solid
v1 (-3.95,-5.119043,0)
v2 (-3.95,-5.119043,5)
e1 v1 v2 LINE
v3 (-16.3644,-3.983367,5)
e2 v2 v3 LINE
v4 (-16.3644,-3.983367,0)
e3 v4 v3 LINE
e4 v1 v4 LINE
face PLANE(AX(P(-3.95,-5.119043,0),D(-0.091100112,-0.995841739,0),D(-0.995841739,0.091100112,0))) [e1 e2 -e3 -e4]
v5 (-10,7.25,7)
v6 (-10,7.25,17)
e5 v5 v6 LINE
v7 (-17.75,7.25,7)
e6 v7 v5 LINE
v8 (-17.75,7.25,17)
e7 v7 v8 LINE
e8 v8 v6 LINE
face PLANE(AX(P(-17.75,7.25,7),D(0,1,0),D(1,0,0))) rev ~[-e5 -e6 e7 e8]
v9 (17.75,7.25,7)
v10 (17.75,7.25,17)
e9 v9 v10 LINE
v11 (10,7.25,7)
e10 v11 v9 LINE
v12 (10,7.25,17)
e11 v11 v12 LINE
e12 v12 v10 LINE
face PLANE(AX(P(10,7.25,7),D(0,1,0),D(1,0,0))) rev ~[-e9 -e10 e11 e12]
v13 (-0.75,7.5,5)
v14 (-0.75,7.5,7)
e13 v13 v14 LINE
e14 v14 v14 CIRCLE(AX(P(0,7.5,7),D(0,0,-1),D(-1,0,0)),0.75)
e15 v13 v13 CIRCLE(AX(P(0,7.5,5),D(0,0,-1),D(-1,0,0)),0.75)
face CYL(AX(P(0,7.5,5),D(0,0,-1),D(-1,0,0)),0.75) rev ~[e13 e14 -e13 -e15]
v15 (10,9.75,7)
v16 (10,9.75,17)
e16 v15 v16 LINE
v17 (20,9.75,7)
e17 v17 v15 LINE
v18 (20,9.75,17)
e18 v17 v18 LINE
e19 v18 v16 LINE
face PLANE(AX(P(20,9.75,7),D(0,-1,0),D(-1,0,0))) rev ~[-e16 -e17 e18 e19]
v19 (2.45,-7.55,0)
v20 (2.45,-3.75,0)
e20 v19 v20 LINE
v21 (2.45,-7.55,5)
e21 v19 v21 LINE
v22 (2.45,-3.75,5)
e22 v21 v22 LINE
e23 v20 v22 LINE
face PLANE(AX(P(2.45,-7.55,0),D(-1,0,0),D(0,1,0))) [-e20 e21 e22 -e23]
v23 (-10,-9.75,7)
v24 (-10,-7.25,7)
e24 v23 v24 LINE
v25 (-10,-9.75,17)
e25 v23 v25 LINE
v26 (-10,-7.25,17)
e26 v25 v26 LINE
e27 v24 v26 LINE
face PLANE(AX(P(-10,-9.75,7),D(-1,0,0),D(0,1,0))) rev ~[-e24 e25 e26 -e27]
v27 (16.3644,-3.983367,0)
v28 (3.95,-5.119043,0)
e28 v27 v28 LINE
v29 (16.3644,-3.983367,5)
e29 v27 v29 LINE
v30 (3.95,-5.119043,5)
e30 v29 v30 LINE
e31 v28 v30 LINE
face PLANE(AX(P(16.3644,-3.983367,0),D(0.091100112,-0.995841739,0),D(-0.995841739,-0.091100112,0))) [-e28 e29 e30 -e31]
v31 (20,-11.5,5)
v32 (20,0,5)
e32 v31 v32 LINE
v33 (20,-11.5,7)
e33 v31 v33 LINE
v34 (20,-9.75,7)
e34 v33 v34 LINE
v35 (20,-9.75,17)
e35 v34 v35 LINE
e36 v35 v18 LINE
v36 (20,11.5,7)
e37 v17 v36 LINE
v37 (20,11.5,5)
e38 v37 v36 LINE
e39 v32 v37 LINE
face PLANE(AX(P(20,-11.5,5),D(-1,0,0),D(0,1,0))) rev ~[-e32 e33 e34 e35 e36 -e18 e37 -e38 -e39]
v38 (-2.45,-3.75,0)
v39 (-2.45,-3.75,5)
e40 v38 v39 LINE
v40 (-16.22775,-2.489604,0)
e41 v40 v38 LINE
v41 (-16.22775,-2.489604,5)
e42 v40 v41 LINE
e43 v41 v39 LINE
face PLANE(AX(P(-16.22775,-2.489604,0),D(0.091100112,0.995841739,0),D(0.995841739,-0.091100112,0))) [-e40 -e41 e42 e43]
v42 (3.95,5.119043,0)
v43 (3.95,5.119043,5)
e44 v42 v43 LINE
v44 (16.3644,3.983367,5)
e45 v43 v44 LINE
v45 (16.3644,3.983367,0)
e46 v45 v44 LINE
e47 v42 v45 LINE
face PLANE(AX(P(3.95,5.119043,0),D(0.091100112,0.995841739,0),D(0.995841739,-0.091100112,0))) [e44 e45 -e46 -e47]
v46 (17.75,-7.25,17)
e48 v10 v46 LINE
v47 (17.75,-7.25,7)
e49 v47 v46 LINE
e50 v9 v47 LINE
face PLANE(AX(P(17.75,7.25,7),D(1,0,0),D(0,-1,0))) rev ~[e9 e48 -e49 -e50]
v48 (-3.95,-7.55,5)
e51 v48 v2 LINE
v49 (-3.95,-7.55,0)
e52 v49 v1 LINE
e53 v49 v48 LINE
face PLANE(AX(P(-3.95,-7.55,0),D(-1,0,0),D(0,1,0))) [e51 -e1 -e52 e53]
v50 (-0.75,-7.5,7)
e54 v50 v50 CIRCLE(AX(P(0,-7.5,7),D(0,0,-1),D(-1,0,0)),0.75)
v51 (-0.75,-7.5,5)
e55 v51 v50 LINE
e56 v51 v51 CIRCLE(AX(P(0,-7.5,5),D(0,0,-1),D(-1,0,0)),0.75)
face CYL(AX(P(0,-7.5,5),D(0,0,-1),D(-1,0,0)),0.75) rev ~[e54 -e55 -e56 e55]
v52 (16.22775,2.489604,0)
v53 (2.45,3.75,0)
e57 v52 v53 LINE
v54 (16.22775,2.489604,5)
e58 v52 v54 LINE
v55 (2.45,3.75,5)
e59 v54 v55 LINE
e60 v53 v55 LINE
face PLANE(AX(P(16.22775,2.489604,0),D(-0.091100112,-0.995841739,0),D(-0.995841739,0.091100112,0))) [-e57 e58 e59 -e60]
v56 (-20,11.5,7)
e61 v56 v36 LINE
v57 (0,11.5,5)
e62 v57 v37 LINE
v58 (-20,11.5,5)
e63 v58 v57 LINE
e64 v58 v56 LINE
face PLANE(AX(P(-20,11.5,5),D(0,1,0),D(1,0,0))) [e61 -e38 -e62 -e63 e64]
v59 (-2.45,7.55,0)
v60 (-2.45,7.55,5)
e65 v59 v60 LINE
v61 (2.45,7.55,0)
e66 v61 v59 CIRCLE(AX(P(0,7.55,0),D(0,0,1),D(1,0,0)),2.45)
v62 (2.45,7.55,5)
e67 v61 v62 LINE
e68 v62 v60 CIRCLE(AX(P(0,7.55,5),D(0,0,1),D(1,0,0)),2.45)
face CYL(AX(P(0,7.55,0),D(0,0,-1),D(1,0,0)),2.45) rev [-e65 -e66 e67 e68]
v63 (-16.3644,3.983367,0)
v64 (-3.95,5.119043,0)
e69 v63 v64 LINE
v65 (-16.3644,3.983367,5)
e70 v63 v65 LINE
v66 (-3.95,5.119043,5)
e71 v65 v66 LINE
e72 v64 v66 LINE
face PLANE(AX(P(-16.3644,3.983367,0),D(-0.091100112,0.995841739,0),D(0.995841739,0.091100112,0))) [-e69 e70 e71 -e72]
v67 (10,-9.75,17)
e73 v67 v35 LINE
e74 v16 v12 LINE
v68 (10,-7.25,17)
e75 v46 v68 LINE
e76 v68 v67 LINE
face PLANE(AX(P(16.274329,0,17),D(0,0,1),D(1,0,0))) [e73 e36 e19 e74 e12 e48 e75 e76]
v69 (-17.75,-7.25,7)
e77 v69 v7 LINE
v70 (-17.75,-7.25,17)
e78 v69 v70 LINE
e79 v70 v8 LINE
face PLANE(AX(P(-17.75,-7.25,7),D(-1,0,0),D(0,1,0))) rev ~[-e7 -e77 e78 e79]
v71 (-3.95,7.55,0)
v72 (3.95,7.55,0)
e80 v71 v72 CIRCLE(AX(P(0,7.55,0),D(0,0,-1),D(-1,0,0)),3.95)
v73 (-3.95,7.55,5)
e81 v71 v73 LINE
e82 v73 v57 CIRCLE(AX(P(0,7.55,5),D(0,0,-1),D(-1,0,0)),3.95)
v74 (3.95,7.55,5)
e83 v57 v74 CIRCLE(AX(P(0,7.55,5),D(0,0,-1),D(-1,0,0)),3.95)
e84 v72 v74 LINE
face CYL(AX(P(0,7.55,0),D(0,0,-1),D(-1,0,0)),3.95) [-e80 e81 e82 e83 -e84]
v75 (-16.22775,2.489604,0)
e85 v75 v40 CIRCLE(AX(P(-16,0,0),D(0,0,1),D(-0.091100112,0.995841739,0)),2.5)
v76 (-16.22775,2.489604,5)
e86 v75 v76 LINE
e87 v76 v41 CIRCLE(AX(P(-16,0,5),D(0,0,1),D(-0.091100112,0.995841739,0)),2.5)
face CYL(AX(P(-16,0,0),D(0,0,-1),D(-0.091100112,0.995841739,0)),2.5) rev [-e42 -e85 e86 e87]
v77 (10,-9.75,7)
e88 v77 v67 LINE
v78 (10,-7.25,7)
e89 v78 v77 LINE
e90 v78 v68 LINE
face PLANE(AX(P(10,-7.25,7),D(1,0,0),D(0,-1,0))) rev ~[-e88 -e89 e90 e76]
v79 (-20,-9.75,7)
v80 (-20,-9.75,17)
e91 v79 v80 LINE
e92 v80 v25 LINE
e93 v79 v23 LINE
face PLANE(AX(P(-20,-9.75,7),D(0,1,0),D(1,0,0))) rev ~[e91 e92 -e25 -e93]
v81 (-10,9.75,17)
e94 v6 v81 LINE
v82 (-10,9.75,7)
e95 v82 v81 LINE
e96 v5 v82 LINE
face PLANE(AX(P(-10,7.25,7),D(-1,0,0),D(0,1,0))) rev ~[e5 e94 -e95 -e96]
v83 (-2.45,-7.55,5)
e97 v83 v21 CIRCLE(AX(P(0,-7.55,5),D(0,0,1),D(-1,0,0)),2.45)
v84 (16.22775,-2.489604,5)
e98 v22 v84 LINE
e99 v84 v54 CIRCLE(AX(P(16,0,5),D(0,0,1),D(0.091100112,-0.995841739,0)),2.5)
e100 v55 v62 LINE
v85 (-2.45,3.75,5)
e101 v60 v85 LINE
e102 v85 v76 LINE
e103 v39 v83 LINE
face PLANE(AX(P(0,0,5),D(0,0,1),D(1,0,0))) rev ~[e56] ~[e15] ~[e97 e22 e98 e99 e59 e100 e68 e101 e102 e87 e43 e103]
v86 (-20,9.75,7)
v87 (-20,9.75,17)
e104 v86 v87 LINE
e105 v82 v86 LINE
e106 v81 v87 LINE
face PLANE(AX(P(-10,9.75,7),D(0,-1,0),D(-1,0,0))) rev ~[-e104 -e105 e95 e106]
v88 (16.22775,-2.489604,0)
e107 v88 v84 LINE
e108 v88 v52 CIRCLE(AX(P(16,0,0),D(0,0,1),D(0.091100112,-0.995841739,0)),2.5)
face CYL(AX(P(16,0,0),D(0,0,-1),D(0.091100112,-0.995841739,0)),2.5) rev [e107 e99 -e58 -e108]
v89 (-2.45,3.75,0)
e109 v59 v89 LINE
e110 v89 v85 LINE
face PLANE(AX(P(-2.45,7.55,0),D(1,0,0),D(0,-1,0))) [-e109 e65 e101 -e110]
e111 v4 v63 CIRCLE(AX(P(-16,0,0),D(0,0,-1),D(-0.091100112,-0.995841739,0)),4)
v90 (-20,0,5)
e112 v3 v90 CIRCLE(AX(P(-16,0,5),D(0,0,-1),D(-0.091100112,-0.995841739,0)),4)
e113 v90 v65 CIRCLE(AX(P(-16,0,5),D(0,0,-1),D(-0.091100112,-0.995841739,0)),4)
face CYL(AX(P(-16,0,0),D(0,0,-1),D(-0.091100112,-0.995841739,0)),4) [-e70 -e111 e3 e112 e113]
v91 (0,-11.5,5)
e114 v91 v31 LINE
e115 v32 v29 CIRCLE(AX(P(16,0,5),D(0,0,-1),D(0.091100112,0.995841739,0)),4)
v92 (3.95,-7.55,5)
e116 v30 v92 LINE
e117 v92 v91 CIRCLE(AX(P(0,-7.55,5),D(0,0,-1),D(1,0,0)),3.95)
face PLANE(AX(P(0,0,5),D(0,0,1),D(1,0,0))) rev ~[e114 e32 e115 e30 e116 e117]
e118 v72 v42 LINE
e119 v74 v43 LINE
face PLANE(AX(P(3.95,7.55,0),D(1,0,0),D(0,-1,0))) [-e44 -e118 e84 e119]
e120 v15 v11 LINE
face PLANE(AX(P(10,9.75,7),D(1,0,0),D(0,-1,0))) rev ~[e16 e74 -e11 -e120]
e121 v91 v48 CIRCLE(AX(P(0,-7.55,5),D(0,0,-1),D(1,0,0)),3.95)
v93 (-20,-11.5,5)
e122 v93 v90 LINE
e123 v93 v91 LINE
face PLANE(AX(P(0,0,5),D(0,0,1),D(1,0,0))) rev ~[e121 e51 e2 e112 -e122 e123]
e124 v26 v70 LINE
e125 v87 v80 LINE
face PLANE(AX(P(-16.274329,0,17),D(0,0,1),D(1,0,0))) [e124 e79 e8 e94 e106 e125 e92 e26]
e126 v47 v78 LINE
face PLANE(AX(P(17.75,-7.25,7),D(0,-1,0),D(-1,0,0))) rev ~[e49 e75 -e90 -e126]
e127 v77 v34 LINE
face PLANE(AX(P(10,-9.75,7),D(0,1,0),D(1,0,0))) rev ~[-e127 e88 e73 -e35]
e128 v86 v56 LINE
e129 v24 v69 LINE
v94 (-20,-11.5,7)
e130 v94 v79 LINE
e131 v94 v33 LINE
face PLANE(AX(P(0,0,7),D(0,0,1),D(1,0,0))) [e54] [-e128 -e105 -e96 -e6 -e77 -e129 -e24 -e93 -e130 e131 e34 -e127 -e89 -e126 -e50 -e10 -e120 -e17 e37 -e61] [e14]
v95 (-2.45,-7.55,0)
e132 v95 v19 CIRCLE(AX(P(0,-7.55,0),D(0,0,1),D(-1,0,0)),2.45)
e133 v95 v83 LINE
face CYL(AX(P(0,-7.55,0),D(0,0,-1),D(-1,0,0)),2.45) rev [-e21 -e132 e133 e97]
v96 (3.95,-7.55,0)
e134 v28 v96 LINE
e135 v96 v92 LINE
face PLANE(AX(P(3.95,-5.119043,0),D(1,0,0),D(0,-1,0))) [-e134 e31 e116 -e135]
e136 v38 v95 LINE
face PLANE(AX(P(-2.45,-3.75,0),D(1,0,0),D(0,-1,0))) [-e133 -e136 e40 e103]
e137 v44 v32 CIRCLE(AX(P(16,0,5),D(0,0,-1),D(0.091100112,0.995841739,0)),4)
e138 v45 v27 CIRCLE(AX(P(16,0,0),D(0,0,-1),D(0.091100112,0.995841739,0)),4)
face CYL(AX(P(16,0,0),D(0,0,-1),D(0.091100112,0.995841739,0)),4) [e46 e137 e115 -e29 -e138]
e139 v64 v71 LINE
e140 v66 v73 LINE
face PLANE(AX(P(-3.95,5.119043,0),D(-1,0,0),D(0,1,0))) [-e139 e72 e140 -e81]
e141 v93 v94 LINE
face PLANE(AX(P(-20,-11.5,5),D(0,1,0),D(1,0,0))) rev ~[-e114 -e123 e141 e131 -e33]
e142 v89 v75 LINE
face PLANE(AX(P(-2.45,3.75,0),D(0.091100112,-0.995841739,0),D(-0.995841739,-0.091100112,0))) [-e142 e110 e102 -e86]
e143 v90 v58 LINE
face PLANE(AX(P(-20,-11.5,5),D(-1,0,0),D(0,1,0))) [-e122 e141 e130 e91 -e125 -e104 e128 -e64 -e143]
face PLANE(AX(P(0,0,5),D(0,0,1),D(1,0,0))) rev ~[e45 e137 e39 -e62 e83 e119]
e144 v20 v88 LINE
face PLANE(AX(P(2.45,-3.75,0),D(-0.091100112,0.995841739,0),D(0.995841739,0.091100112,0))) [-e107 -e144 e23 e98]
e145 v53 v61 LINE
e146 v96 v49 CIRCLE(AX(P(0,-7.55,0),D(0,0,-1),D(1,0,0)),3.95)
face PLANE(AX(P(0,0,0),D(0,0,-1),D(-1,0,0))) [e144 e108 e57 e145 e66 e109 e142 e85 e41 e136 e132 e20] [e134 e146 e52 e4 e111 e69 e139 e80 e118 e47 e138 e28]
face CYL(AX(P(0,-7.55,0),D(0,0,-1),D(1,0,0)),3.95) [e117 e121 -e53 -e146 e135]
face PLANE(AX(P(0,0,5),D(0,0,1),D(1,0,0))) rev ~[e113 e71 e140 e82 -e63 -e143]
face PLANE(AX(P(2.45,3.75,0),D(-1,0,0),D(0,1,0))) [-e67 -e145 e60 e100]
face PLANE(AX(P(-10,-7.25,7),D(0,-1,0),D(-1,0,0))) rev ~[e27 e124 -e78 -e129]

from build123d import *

# Parameters (mm, degrees)
SALIENTE_EXTRUIR1_DEPTH = 5
CROQUIS2_W              = 40
CROQUIS2_H              = 23
SALIENTE_EXTRUIR2_DEPTH = 2
SALIENTE_EXTRUIR3_DEPTH = 10
CROQUIS4_R              = 0.75
CORTAR_EXTRUIR1_DEPTH   = 10


with BuildPart() as part:
    # Croquis1 → Saliente-Extruir1 (new body)
    with BuildSketch(Plane.XY):
        with BuildLine():
            Line((-3.95, -5.119042668), (-16.364400449, -3.983366957))
            ThreePointArc((-16.364400449, -3.983366957), (-20, 0), (-16.364400449, 3.983366957))
            Line((-16.364400449, 3.983366957), (-3.95, 5.119042668))
            Line((-3.95, 5.119042668), (-3.95, 7.55))
            ThreePointArc((-3.95, 7.55), (0, 11.5), (3.95, 7.55))
            Line((3.95, 7.55), (3.95, 5.119042668))
            Line((3.95, 5.119042668), (16.364400449, 3.983366957))
            ThreePointArc((16.364400449, 3.983366957), (20, 0), (16.364400449, -3.983366957))
            Line((16.364400449, -3.983366957), (3.95, -5.119042668))
            Line((3.95, -5.119042668), (3.95, -7.55))
            ThreePointArc((3.95, -7.55), (0, -11.5), (-3.95, -7.55))
            Line((-3.95, -7.55), (-3.95, -5.119042668))
        make_face()
        with BuildLine():
            Line((-2.45, 3.75), (-16.227750281, 2.489604348))
            ThreePointArc((-16.227750281, 2.489604348), (-18.5, 0), (-16.227750281, -2.489604348))
            Line((-16.227750281, -2.489604348), (-2.45, -3.75))
            Line((-2.45, -3.75), (-2.45, -7.55))
            ThreePointArc((-2.45, -7.55), (0, -10), (2.45, -7.55))
            Line((2.45, -7.55), (2.45, -3.75))
            Line((2.45, -3.75), (16.227750281, -2.489604348))
            ThreePointArc((16.227750281, -2.489604348), (18.5, 0), (16.227750281, 2.489604348))
            Line((16.227750281, 2.489604348), (2.45, 3.75))
            Line((2.45, 3.75), (2.45, 7.55))
            ThreePointArc((2.45, 7.55), (0, 10), (-2.45, 7.55))
            Line((-2.45, 7.55), (-2.45, 3.75))
        make_face(mode=Mode.SUBTRACT)
    extrude(amount=SALIENTE_EXTRUIR1_DEPTH)

    # Croquis2 → Saliente-Extruir2 (add)
    with BuildSketch(Plane.XY.offset(5)):
        Rectangle(CROQUIS2_W, CROQUIS2_H)
    extrude(amount=SALIENTE_EXTRUIR2_DEPTH)

    # Croquis3 → Saliente-Extruir3 (add)
    with BuildSketch(Plane.XY.offset(7)):
        Polygon((-10, 7.25), (-10, 9.75), (-20, 9.75), (-20, -9.75), (-10, -9.75), (-10, -7.25), (-17.75, -7.25), (-17.75, 7.25), align=None)
        Polygon((17.75, 7.25), (17.75, -7.25), (10, -7.25), (10, -9.75), (20, -9.75), (20, 9.75), (10, 9.75), (10, 7.25), align=None)
    extrude(amount=SALIENTE_EXTRUIR3_DEPTH)

    # Croquis4 → Cortar-Extruir1 (cut)
    with BuildSketch(Plane(origin=(0, 0, 5), x_dir=(-1, 0, 0), z_dir=(0, 0, -1))):
        with Locations((0, -7.5)):
            Circle(CROQUIS4_R)
        with Locations((0, 7.5)):
            Circle(CROQUIS4_R)
    extrude(amount=-CORTAR_EXTRUIR1_DEPTH, mode=Mode.SUBTRACT)


solid = part.part
